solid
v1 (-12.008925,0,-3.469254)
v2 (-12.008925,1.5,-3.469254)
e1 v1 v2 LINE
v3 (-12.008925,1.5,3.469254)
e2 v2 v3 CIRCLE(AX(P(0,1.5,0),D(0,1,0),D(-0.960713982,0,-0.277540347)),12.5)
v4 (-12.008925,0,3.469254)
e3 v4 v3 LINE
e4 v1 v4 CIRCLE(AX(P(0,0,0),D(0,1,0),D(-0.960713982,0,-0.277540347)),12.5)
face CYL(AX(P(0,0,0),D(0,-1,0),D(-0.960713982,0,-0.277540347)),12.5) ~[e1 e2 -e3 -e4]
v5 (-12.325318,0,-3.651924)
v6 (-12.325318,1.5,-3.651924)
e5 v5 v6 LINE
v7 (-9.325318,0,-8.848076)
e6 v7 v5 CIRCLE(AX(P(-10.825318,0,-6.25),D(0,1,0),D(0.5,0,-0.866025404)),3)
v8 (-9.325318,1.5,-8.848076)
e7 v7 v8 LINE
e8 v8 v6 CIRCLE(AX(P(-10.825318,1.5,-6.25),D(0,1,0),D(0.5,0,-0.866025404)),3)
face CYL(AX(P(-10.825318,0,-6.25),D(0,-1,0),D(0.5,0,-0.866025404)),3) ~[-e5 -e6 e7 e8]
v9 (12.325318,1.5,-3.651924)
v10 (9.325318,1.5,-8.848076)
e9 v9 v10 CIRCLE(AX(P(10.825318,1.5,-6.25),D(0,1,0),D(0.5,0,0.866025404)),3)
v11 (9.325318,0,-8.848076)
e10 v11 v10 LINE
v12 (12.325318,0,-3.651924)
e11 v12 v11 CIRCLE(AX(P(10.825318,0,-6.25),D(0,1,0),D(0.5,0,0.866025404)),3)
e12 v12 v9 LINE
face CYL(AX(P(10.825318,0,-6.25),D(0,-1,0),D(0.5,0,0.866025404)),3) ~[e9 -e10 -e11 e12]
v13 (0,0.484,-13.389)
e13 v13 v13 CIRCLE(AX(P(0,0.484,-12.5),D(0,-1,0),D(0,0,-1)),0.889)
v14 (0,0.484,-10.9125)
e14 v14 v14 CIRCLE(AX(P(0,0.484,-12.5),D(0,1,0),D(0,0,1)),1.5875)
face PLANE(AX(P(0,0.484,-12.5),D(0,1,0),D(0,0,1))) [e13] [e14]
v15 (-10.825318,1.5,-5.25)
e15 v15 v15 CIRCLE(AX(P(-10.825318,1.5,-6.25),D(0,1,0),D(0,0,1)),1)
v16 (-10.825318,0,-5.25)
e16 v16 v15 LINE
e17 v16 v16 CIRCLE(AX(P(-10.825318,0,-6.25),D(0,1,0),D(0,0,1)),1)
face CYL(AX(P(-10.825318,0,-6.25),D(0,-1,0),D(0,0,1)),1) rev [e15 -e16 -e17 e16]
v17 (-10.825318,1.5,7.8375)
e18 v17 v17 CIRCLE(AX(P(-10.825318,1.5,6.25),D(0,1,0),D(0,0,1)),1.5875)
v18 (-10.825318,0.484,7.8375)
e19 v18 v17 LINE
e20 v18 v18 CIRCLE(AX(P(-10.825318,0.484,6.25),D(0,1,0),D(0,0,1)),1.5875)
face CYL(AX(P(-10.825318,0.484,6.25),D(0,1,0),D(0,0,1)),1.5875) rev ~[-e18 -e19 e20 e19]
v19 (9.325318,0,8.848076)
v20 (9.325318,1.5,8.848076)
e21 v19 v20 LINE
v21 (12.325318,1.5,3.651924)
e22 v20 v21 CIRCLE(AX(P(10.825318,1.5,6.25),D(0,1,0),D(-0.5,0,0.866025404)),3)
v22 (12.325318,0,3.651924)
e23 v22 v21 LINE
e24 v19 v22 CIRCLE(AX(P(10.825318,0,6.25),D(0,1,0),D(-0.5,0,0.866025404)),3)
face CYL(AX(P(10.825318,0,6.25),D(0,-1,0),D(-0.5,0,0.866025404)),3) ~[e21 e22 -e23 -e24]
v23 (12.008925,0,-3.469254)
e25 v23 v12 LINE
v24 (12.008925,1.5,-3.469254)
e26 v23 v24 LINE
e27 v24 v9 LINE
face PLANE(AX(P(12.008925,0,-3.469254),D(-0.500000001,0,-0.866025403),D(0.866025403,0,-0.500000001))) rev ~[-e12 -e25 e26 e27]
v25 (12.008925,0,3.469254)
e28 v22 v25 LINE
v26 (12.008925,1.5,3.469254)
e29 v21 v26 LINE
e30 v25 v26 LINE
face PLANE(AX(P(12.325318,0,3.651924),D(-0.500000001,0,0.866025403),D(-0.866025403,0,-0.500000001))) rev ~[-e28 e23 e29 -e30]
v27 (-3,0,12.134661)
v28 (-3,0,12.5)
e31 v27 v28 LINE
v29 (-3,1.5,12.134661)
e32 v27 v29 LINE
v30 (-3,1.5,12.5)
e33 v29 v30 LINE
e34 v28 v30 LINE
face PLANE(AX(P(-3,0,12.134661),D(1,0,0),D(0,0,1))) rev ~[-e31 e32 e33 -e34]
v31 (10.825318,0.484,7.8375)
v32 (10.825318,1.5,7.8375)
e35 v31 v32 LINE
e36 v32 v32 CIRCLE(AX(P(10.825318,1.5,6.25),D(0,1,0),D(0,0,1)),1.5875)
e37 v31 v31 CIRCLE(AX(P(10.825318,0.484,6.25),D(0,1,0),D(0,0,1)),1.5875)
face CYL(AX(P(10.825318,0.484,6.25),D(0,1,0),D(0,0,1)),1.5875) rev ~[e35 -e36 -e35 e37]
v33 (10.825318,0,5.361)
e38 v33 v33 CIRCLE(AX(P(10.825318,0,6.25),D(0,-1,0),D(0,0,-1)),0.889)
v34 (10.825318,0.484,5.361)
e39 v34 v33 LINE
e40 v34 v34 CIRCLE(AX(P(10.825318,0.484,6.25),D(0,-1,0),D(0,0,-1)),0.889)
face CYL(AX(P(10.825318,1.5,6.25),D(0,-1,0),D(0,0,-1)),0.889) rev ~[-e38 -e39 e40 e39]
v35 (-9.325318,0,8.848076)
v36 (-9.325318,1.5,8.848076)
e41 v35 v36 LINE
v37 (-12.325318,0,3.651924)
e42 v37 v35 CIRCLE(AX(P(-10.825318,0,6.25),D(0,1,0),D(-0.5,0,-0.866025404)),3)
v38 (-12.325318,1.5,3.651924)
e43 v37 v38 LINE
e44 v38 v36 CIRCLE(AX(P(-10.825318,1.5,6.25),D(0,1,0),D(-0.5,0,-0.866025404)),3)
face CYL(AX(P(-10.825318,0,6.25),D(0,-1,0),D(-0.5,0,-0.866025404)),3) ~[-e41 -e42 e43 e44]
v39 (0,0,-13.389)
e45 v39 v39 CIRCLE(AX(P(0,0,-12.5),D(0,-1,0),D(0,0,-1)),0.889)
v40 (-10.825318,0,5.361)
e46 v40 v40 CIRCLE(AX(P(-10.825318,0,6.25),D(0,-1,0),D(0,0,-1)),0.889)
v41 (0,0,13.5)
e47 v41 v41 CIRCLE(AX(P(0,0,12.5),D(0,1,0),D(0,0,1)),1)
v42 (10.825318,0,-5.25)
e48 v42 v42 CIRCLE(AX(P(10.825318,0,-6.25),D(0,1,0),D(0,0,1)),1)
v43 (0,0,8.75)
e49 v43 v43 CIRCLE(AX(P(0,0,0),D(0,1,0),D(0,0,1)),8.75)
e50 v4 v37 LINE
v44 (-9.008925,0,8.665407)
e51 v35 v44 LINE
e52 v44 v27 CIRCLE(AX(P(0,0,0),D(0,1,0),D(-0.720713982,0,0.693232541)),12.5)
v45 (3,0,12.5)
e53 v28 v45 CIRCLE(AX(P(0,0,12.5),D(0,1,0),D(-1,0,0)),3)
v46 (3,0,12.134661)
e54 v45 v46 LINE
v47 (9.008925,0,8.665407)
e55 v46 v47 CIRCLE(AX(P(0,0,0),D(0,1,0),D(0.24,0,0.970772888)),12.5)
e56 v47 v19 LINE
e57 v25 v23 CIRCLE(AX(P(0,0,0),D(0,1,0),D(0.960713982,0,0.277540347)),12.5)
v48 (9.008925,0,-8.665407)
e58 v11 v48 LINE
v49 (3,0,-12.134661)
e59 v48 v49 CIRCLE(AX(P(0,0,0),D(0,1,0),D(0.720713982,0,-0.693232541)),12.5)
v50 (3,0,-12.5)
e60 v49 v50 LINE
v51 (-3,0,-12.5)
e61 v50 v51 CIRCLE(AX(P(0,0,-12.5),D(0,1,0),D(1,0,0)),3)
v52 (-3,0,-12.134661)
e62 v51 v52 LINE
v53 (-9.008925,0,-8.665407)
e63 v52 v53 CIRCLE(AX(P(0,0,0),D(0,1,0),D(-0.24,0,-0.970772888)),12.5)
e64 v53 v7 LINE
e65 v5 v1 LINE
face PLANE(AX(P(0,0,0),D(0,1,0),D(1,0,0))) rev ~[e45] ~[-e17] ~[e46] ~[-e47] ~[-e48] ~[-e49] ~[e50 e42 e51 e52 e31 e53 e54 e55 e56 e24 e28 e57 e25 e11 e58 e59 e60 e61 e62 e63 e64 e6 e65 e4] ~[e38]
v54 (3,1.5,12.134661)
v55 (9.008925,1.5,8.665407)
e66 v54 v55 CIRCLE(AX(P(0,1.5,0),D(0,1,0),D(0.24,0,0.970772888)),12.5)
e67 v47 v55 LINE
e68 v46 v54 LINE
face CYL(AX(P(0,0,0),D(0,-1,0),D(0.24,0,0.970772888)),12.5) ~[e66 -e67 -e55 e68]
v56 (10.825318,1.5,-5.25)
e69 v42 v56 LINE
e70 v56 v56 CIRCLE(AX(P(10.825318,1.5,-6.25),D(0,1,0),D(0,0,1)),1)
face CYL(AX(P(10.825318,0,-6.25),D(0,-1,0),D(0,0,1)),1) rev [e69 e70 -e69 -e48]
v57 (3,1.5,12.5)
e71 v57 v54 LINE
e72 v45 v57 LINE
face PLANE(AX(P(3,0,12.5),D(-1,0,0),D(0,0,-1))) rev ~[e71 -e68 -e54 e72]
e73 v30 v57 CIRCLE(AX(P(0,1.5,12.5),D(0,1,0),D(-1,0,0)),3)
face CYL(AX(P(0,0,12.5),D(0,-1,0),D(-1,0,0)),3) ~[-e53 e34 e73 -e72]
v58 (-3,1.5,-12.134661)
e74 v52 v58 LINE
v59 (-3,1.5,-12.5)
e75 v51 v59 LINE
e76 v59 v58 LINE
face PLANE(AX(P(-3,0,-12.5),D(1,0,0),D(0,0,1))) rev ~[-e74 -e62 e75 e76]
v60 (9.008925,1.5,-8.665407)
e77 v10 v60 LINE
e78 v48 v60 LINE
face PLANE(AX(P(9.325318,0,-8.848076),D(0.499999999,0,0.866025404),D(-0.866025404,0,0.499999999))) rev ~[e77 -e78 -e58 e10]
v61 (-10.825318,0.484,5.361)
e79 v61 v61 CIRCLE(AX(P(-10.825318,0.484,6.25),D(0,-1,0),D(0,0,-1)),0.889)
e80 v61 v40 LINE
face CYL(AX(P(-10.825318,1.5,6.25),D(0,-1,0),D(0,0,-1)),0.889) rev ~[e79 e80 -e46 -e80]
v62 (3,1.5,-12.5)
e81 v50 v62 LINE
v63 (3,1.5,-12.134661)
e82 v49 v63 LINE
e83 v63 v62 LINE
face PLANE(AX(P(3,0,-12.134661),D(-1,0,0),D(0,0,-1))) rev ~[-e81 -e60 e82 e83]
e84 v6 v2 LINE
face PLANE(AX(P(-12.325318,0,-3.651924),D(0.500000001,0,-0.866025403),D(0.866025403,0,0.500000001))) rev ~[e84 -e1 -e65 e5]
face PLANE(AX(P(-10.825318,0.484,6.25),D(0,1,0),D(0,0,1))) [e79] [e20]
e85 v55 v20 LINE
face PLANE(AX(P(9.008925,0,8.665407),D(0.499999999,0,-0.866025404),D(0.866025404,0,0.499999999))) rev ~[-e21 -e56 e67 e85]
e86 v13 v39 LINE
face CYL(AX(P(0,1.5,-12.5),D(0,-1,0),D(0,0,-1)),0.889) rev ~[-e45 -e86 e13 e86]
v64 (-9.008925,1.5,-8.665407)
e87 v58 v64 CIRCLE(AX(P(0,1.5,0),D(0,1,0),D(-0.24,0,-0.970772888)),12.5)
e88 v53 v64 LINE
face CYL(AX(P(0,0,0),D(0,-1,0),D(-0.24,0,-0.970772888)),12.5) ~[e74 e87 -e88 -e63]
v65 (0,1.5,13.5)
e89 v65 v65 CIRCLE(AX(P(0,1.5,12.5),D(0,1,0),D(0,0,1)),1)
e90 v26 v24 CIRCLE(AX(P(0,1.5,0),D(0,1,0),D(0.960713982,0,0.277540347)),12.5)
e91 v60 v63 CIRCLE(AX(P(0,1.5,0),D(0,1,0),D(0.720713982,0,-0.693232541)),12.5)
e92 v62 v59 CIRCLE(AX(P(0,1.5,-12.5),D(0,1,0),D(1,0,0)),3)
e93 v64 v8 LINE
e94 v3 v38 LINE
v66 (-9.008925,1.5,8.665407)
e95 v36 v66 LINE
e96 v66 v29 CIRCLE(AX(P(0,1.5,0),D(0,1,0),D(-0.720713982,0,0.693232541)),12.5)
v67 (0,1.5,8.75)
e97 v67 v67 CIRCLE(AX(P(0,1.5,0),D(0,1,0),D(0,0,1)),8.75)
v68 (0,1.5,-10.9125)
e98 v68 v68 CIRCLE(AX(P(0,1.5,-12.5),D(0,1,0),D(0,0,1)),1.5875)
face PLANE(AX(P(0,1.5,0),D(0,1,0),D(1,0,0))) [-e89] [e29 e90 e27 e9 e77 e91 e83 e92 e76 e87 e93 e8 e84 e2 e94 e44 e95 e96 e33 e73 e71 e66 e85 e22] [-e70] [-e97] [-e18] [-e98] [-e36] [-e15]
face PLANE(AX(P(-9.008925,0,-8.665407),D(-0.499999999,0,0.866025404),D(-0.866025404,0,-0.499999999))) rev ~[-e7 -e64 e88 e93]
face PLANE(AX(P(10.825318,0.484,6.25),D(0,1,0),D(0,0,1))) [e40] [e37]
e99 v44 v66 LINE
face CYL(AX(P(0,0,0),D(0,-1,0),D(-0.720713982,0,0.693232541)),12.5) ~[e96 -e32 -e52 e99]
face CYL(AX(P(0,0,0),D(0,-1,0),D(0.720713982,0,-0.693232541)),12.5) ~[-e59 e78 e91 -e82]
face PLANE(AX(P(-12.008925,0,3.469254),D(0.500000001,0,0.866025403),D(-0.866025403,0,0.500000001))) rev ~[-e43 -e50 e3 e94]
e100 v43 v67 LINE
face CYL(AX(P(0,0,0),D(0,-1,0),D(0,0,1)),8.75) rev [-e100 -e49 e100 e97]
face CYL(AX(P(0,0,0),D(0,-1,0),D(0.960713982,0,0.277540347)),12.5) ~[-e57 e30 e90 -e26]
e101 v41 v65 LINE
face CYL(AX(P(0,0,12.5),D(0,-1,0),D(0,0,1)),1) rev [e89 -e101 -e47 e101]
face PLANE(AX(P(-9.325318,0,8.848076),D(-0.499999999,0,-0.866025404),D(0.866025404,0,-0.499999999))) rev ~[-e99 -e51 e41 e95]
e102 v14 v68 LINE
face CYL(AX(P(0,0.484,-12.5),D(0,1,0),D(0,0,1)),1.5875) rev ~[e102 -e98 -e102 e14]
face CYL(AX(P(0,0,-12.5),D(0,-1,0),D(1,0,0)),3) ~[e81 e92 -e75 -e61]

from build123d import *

# Parameters (mm, degrees)
SKETCH1_R                                      = 8.75
SKETCH1_R_2                                    = 1
BOSS_EXTRUDE1_DEPTH                            = 1.5
CBORE_FOR_0_SOCKET_HEAD_CAP_SCREW2_D           = 1.778
CBORE_FOR_0_SOCKET_HEAD_CAP_SCREW2_DEPTH       = 7.5
CBORE_FOR_0_SOCKET_HEAD_CAP_SCREW2_CBORE_D     = 3.175
CBORE_FOR_0_SOCKET_HEAD_CAP_SCREW2_CBORE_DEPTH = 1.016
CBORE_FOR_0_SOCKET_HEAD_CAP_SCREW2_TIP         = 0.53416509


with BuildPart() as part:
    # Sketch1 → Boss-Extrude1 (new body)
    with BuildSketch(Plane(origin=(0, 0, 0), x_dir=(1, 0, 0), z_dir=(0, 1, 0))):
        with BuildLine():
            Line((-3, -12.1346611), (-3, -12.5))
            ThreePointArc((-3, -12.5), (0, -15.5), (3, -12.5))
            Line((3, -12.5), (3, -12.1346611))
            ThreePointArc((3, -12.1346611), (6.25, -10.825317547), (9.008924778, -8.665406761))
            Line((9.008924778, -8.665406761), (9.325317547, -8.848076211))
            ThreePointArc((9.325317547, -8.848076211), (13.423393759, -7.75), (12.325317547, -3.651923789))
            Line((12.325317547, -3.651923789), (12.008924778, -3.469254338))
            ThreePointArc((12.008924778, -3.469254338), (12.5, 0), (12.008924778, 3.469254338))
            Line((12.008924778, 3.469254338), (12.325317547, 3.651923789))
            ThreePointArc((12.325317547, 3.651923789), (13.423393759, 7.75), (9.325317547, 8.848076211))
            Line((9.325317547, 8.848076211), (9.008924778, 8.665406761))
            ThreePointArc((9.008924778, 8.665406761), (6.25, 10.825317547), (3, 12.1346611))
            Line((3, 12.1346611), (3, 12.5))
            ThreePointArc((3, 12.5), (0, 15.5), (-3, 12.5))
            Line((-3, 12.5), (-3, 12.1346611))
            ThreePointArc((-3, 12.1346611), (-6.25, 10.825317547), (-9.008924778, 8.665406761))
            Line((-9.008924778, 8.665406761), (-9.325317547, 8.848076211))
            ThreePointArc((-9.325317547, 8.848076211), (-13.423393759, 7.75), (-12.325317547, 3.651923789))
            Line((-12.325317547, 3.651923789), (-12.008924778, 3.469254338))
            ThreePointArc((-12.008924778, 3.469254338), (-12.5, 0), (-12.008924778, -3.469254338))
            Line((-12.008924778, -3.469254338), (-12.325317547, -3.651923789))
            ThreePointArc((-12.325317547, -3.651923789), (-13.423393759, -7.75), (-9.325317547, -8.848076211))
            Line((-9.325317547, -8.848076211), (-9.008924778, -8.665406761))
            ThreePointArc((-9.008924778, -8.665406761), (-6.25, -10.825317547), (-3, -12.1346611))
        make_face()
        with Locations(Location((0, 0, 0), (0, 0, 270))):
            Circle(SKETCH1_R, mode=Mode.SUBTRACT)
        with Locations(Location((-10.825317547, 6.25, 0), (0, 0, 270))):
            Circle(SKETCH1_R_2, mode=Mode.SUBTRACT)
        with Locations(Location((10.825317547, 6.25, 0), (0, 0, 270))):
            Circle(SKETCH1_R_2, mode=Mode.SUBTRACT)
        with Locations(Location((0, -12.5, 0), (0, 0, 270))):
            Circle(SKETCH1_R_2, mode=Mode.SUBTRACT)
    extrude(amount=BOSS_EXTRUDE1_DEPTH)

    # CBORE for #0 Socket Head Cap Screw2
    with Locations(Plane(origin=(-10.825317547, 1.5, 6.25), x_dir=(0, 0, 1), z_dir=(0, 1, 0))):
        with Locations((0, 0), (-18.75, 10.825317547), (0, 21.650635094)):
            CounterBoreHole(CBORE_FOR_0_SOCKET_HEAD_CAP_SCREW2_D / 2, CBORE_FOR_0_SOCKET_HEAD_CAP_SCREW2_CBORE_D / 2, CBORE_FOR_0_SOCKET_HEAD_CAP_SCREW2_CBORE_DEPTH, depth=CBORE_FOR_0_SOCKET_HEAD_CAP_SCREW2_DEPTH)
            with Locations((0, 0, -(CBORE_FOR_0_SOCKET_HEAD_CAP_SCREW2_DEPTH + CBORE_FOR_0_SOCKET_HEAD_CAP_SCREW2_TIP / 2))):  # 118° drill point
                Cone(0, CBORE_FOR_0_SOCKET_HEAD_CAP_SCREW2_D / 2, CBORE_FOR_0_SOCKET_HEAD_CAP_SCREW2_TIP, mode=Mode.SUBTRACT)


solid = part.part
